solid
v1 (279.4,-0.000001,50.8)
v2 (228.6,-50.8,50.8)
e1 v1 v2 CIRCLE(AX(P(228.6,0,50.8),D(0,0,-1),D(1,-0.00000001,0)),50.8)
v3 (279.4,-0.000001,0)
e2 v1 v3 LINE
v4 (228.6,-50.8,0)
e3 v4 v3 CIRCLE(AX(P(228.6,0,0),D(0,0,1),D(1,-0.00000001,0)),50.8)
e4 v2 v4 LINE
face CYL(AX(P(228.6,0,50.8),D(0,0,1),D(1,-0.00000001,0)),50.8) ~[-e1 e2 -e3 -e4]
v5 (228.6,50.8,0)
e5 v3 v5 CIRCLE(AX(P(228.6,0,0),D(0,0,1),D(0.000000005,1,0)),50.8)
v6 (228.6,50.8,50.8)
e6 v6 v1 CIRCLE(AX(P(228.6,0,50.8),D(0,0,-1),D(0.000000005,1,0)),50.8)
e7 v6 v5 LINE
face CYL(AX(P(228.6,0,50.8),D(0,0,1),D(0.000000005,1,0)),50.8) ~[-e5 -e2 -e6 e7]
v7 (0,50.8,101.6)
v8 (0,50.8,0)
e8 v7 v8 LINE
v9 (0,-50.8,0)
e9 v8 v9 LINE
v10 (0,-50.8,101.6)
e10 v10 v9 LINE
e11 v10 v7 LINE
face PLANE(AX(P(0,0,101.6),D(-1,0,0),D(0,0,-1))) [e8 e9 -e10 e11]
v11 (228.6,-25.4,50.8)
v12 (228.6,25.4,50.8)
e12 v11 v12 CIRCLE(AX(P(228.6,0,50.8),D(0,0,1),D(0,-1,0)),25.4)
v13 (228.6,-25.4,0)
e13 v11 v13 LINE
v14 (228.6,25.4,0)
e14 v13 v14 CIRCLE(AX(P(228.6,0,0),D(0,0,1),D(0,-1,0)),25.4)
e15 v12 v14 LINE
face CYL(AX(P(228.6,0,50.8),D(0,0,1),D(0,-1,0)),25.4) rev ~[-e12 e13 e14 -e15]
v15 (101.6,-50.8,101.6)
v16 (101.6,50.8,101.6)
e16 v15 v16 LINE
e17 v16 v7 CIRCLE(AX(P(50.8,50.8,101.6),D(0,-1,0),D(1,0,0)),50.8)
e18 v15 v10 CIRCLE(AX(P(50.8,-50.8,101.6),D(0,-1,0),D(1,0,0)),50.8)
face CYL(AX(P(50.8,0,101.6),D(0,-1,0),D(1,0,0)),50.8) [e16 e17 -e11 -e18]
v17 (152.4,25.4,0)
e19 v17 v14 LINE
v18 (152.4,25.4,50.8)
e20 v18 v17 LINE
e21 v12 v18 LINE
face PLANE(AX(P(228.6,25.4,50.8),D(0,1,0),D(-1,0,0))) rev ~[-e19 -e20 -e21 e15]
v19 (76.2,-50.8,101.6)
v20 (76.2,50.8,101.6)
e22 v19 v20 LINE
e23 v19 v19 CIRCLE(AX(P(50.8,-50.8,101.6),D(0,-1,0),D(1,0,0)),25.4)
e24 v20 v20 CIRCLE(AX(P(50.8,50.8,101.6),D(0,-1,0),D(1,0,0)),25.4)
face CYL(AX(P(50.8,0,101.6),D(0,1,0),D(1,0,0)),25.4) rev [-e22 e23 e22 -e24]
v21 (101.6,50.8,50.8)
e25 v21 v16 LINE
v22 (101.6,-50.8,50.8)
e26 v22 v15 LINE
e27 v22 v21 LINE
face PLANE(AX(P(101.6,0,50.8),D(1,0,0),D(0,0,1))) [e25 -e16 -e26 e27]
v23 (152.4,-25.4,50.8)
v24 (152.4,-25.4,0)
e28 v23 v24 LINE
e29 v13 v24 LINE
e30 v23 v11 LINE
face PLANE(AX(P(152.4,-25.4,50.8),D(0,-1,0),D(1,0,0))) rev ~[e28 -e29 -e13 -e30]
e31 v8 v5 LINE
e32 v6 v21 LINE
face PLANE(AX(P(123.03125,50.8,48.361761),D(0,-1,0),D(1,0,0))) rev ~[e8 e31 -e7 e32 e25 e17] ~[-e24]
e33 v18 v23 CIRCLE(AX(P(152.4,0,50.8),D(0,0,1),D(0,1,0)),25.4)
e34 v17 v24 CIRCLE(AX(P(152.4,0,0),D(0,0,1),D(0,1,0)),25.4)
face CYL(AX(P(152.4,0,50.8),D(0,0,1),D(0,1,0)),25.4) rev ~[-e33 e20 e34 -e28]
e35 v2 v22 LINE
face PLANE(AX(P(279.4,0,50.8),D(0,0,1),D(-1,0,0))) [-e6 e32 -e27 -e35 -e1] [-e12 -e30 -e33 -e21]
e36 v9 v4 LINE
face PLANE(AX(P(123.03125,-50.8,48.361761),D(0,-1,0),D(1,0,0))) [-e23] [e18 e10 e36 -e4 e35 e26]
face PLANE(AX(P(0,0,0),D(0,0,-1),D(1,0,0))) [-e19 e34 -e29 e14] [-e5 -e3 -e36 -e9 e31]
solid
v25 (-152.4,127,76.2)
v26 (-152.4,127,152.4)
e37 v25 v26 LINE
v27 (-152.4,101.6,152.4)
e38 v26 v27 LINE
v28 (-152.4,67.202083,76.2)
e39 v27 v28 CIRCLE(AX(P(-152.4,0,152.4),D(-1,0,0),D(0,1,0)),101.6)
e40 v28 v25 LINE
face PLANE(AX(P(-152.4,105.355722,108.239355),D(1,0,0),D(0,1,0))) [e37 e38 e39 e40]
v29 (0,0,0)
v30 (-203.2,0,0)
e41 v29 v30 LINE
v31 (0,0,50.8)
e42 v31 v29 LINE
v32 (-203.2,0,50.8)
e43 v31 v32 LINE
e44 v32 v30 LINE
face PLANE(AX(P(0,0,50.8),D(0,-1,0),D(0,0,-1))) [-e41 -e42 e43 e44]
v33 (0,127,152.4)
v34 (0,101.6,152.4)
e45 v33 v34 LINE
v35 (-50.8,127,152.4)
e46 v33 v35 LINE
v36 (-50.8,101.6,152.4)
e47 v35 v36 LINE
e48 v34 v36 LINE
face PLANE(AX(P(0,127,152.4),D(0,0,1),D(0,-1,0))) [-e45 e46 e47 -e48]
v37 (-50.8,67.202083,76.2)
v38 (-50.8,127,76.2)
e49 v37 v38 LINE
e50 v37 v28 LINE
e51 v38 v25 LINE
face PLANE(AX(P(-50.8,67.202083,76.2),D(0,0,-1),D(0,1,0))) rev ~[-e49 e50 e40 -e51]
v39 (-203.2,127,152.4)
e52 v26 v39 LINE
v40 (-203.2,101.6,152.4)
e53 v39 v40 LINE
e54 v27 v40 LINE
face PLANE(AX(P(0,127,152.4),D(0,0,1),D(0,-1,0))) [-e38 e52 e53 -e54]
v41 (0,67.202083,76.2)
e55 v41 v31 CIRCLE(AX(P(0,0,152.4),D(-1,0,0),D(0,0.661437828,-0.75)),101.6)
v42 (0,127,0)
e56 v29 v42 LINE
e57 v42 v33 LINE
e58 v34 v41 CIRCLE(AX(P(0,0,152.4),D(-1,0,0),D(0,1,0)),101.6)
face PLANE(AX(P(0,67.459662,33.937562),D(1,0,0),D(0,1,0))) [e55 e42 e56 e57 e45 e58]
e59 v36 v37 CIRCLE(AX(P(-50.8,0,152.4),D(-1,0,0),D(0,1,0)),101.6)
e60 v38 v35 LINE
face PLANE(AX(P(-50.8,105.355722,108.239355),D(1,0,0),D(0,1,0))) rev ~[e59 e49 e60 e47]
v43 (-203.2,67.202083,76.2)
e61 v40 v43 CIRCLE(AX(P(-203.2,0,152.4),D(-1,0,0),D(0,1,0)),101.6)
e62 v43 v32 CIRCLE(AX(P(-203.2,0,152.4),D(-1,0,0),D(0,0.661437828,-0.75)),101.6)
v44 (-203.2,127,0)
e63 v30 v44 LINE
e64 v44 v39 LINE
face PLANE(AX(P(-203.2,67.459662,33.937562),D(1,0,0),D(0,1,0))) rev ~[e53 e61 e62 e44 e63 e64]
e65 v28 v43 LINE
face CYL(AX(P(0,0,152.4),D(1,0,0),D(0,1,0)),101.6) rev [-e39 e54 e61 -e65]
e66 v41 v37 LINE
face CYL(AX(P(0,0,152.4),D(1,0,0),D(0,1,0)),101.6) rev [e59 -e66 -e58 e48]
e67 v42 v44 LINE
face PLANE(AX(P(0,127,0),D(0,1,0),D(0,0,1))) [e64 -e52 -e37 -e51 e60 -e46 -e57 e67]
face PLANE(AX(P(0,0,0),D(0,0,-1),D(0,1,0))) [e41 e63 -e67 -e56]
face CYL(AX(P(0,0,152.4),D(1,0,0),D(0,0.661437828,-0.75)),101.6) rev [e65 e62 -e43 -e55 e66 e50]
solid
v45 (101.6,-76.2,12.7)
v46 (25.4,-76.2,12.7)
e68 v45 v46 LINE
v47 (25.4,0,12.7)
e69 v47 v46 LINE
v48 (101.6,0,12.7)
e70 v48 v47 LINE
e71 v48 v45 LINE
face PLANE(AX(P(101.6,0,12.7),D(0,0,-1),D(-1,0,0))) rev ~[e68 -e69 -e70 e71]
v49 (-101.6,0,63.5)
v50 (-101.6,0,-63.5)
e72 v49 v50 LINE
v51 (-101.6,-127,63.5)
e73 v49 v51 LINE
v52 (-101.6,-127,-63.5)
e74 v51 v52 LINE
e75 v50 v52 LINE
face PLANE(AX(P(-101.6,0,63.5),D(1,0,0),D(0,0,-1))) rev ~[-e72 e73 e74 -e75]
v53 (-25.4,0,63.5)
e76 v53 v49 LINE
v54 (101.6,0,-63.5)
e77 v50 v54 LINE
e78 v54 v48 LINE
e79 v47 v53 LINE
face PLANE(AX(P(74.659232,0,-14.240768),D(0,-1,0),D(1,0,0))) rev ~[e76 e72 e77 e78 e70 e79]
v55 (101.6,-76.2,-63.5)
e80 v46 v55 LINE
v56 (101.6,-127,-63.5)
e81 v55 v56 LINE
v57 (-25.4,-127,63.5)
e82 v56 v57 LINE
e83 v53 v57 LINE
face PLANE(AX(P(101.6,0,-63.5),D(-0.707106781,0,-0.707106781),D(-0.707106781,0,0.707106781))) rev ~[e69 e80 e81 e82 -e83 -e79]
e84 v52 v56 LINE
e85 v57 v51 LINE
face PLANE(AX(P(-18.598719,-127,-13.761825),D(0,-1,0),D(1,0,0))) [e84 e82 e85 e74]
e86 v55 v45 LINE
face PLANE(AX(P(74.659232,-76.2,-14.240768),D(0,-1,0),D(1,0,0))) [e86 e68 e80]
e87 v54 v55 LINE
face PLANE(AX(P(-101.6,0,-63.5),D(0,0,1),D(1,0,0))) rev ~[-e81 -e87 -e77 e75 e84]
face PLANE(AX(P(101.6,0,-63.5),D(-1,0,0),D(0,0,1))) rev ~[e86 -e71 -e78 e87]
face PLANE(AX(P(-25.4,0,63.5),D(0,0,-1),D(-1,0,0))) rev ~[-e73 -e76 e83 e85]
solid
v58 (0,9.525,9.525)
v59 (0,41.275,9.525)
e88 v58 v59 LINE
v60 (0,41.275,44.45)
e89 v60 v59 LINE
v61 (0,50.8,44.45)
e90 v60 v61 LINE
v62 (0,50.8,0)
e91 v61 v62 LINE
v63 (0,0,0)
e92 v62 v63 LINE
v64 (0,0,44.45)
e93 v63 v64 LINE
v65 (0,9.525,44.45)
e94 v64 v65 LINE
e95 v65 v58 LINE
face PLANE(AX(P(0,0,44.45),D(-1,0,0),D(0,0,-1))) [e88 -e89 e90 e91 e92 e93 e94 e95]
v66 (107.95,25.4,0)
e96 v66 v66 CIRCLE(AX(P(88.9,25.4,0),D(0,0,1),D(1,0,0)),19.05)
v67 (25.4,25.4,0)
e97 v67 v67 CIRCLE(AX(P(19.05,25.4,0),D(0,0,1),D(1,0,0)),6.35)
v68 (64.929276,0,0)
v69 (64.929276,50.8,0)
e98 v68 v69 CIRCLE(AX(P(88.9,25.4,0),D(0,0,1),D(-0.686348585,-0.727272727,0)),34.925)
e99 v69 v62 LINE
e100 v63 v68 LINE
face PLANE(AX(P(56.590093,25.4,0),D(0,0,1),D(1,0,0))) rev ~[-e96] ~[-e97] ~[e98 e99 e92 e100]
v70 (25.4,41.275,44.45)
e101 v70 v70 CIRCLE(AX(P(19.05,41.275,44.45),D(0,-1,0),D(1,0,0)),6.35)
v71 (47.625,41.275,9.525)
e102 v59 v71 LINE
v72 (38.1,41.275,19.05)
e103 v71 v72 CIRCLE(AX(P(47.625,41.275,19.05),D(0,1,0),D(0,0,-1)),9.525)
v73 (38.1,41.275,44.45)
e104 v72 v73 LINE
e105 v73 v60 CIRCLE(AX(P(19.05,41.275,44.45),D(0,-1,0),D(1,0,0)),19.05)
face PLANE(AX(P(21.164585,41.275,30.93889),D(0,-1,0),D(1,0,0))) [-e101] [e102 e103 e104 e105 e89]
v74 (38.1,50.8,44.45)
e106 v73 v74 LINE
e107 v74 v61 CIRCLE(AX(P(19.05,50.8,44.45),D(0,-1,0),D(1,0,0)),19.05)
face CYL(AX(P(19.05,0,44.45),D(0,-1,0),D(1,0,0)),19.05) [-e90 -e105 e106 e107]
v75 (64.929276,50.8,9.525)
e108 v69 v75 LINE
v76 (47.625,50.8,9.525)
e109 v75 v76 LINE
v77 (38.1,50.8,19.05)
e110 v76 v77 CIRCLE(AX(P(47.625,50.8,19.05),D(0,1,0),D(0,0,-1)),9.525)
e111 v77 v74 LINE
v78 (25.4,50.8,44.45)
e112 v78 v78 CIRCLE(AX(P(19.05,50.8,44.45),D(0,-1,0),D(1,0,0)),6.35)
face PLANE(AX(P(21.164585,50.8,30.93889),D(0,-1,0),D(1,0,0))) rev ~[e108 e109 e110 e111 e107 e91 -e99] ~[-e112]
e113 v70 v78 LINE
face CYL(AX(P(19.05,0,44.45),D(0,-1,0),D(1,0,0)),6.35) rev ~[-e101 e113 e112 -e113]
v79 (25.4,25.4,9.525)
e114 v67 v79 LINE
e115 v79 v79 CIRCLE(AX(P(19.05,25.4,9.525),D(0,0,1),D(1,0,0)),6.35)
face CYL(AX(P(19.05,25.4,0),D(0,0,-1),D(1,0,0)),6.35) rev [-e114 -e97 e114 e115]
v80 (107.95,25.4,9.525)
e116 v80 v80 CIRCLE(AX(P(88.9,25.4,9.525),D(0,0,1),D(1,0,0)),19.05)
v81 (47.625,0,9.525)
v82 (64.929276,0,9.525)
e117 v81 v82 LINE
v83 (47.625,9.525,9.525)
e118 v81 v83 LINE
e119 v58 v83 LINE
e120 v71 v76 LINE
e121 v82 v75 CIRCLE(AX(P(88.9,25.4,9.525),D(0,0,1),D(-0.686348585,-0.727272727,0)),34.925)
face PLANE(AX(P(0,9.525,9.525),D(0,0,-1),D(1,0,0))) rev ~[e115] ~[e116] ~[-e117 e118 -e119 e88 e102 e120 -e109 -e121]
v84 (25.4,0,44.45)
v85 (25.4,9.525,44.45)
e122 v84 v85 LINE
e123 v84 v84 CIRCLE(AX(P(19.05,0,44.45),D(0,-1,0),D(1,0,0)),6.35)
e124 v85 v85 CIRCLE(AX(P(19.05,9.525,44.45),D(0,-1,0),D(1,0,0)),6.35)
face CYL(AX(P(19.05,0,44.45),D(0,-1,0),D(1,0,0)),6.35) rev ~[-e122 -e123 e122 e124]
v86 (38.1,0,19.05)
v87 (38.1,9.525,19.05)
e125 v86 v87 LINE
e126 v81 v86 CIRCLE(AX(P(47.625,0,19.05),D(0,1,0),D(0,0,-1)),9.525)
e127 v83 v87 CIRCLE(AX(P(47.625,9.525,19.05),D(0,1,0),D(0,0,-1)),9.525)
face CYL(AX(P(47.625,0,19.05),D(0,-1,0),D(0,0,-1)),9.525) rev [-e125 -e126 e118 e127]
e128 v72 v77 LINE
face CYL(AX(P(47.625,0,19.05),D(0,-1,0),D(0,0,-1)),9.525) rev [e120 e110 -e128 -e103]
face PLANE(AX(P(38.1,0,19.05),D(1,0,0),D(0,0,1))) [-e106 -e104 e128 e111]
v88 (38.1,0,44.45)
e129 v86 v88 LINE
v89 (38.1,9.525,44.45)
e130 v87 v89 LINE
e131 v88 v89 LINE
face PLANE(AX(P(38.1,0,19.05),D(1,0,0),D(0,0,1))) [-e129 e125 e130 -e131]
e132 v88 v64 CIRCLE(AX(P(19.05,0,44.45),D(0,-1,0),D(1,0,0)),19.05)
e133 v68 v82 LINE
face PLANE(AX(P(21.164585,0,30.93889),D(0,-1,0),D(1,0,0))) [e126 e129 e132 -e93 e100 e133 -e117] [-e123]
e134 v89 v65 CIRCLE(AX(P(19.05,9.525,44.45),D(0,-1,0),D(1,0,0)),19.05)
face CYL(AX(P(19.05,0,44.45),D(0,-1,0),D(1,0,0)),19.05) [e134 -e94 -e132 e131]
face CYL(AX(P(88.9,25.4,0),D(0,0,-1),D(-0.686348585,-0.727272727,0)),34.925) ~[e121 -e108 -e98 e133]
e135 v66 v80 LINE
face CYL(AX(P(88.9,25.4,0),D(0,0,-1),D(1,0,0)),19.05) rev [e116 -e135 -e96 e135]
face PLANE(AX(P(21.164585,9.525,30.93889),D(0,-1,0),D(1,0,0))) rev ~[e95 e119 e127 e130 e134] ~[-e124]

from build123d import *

# Parameters (mm, degrees)
F1_DEPTH  = 127
F2_DEPTH  = 76.2
F4_DEPTH  = 203.2
F5_START  = -50.8
F5_DEPTH  = 101.6
F6_R      = 25.4
F7_DEPTH  = 50.8
F9_DEPTH  = 110.49
F10_R     = 6.35
F10_R_2   = 19.05
F11_DEPTH = 9.525
F12_R     = 6.35
F13_DEPTH = 50.8
F14_START = -9.525
F14_DEPTH = 31.75


with BuildPart() as f1:
    # F0 (on Front) → F1 (new body)
    with BuildSketch(Plane.XZ):
        Polygon((-25.4, 63.5), (-101.6, 63.5), (-101.6, -63.5), (25.4, -63.5), (101.6, -63.5), (25.4, 12.7), align=None)
    extrude(amount=F1_DEPTH)

    # F0 (on Front) → F2 (join)
    with BuildSketch(Plane.XZ):
        Polygon((101.6, 12.7), (25.4, 12.7), (101.6, -63.5), align=None)
    extrude(amount=F2_DEPTH)


with BuildPart() as f4:
    # F3 (on Right) → F4 (new body)
    with BuildSketch(Plane.YZ):
        with BuildLine():
            Line((0, 50.8), (0, 0))
            Line((0, 0), (127, 0))
            Line((127, 0), (127, 76.2))
            Line((127, 76.2), (67.202083301, 76.2))
            ThreePointArc((67.202083301, 76.2), (35.9210244843, 57.3619023759), (0, 50.8))
        make_face()
        with BuildLine():
            Line((67.202083301, 76.2), (127, 76.2))
            Line((127, 76.2), (127, 152.4))
            Line((127, 152.4), (101.6, 152.4))
            ThreePointArc((101.6, 152.4), (92.602083301, 110.597916699), (67.202083301, 76.2))
        make_face()
    extrude(amount=-F4_DEPTH)

    # F3 (on Right) → F5 (cut)
    with BuildSketch(Plane.YZ.offset(F5_START)):
        with BuildLine():
            Line((67.202083301, 76.2), (127, 76.2))
            Line((127, 76.2), (127, 152.4))
            Line((127, 152.4), (101.6, 152.4))
            ThreePointArc((101.6, 152.4), (92.602083301, 110.597916699), (67.202083301, 76.2))
        make_face()
    extrude(amount=-F5_DEPTH, mode=Mode.SUBTRACT)


with BuildPart() as f7:
    # F6 (on Front) → F7 (new body, symmetric)
    with BuildSketch(Plane.XZ):
        with BuildLine():
            Line((0, 101.6), (0, 0))
            Line((0, 0), (279.4, 0))
            Line((279.4, 0), (279.4, 50.8))
            Line((279.4, 50.8), (101.6, 50.8))
            Line((101.6, 50.8), (101.6, 101.6))
            ThreePointArc((101.6, 101.6), (50.8, 152.4), (0, 101.6))
        make_face()
        with Locations((50.8, 101.6)):
            Circle(F6_R, mode=Mode.SUBTRACT)
    extrude(amount=F7_DEPTH, both=True)

    # F8 (on face) → F9 (cut)
    with BuildSketch(Plane.XY.offset(50.8)):
        with BuildLine():
            ThreePointArc((152.4, 25.4), (127, 0), (152.4, -25.4))
            Line((152.4, -25.4), (184.6059094878, -25.4))
            Line((184.6059094878, -25.4), (228.6, -25.4))
            ThreePointArc((228.6, -25.4), (254, 0), (228.6, 25.4))
            Line((228.6, 25.4), (184.6059094878, 25.4))
            Line((184.6059094878, 25.4), (152.4, 25.4))
        make_face()
        with BuildLine():
            Line((279.4, 50.8), (228.600000246, 50.8))
            ThreePointArc((228.600000246, 50.8), (264.5210247595, 35.921024209), (279.4, -5.325e-07))
            Line((279.4, -5.325e-07), (279.4, 50.8))
        make_face()
        with BuildLine():
            ThreePointArc((279.4, -5.325e-07), (264.5210243091, -35.9210246594), (228.6000000372, -50.8))
            Line((228.6000000372, -50.8), (279.4, -50.8))
            Line((279.4, -50.8), (279.4, -5.325e-07))
        make_face()
    extrude(amount=-F9_DEPTH, mode=Mode.SUBTRACT)


with BuildPart() as f11:
    # F10 (on Top) → F11 (new body)
    with BuildSketch(Plane.XY):
        with BuildLine():
            Line((0, 50.8), (0, 0))
            Line((0, 0), (64.929275668, 0))
            ThreePointArc((64.929275668, 0), (123.825, 25.4), (64.929275668, 50.8))
            Line((64.929275668, 50.8), (0, 50.8))
        make_face()
        with Locations((19.05, 25.4)):
            Circle(F10_R, mode=Mode.SUBTRACT)
        with Locations((88.9, 25.4)):
            Circle(F10_R_2, mode=Mode.SUBTRACT)
    extrude(amount=F11_DEPTH)

    # F12 (on Front) → F13 (join)
    with BuildSketch(Plane.XZ):
        with BuildLine():
            Line((0, 44.45), (0, 9.525))
            Line((0, 9.525), (47.625, 9.525))
            ThreePointArc((47.625, 9.525), (40.8898079092, 12.3148079092), (38.1, 19.05))
            Line((38.1, 19.05), (38.1, 44.45))
            ThreePointArc((38.1, 44.45), (19.05, 63.5), (0, 44.45))
        make_face()
        with Locations((19.05, 44.45)):
            Circle(F12_R, mode=Mode.SUBTRACT)
    extrude(amount=-F13_DEPTH)

    # F12 (on Front) → F14 (cut)
    with BuildSketch(Plane.XZ.offset(F14_START)):
        with BuildLine():
            Line((0, 44.45), (0, 9.525))
            Line((0, 9.525), (47.625, 9.525))
            ThreePointArc((47.625, 9.525), (40.8898079092, 12.3148079092), (38.1, 19.05))
            Line((38.1, 19.05), (38.1, 44.45))
            ThreePointArc((38.1, 44.45), (19.05, 63.5), (0, 44.45))
        make_face()
        with Locations((19.05, 44.45)):
            Circle(F12_R, mode=Mode.SUBTRACT)
    extrude(amount=-F14_DEPTH, mode=Mode.SUBTRACT)


solid = Compound([f1.part, f4.part, f7.part, f11.part])
